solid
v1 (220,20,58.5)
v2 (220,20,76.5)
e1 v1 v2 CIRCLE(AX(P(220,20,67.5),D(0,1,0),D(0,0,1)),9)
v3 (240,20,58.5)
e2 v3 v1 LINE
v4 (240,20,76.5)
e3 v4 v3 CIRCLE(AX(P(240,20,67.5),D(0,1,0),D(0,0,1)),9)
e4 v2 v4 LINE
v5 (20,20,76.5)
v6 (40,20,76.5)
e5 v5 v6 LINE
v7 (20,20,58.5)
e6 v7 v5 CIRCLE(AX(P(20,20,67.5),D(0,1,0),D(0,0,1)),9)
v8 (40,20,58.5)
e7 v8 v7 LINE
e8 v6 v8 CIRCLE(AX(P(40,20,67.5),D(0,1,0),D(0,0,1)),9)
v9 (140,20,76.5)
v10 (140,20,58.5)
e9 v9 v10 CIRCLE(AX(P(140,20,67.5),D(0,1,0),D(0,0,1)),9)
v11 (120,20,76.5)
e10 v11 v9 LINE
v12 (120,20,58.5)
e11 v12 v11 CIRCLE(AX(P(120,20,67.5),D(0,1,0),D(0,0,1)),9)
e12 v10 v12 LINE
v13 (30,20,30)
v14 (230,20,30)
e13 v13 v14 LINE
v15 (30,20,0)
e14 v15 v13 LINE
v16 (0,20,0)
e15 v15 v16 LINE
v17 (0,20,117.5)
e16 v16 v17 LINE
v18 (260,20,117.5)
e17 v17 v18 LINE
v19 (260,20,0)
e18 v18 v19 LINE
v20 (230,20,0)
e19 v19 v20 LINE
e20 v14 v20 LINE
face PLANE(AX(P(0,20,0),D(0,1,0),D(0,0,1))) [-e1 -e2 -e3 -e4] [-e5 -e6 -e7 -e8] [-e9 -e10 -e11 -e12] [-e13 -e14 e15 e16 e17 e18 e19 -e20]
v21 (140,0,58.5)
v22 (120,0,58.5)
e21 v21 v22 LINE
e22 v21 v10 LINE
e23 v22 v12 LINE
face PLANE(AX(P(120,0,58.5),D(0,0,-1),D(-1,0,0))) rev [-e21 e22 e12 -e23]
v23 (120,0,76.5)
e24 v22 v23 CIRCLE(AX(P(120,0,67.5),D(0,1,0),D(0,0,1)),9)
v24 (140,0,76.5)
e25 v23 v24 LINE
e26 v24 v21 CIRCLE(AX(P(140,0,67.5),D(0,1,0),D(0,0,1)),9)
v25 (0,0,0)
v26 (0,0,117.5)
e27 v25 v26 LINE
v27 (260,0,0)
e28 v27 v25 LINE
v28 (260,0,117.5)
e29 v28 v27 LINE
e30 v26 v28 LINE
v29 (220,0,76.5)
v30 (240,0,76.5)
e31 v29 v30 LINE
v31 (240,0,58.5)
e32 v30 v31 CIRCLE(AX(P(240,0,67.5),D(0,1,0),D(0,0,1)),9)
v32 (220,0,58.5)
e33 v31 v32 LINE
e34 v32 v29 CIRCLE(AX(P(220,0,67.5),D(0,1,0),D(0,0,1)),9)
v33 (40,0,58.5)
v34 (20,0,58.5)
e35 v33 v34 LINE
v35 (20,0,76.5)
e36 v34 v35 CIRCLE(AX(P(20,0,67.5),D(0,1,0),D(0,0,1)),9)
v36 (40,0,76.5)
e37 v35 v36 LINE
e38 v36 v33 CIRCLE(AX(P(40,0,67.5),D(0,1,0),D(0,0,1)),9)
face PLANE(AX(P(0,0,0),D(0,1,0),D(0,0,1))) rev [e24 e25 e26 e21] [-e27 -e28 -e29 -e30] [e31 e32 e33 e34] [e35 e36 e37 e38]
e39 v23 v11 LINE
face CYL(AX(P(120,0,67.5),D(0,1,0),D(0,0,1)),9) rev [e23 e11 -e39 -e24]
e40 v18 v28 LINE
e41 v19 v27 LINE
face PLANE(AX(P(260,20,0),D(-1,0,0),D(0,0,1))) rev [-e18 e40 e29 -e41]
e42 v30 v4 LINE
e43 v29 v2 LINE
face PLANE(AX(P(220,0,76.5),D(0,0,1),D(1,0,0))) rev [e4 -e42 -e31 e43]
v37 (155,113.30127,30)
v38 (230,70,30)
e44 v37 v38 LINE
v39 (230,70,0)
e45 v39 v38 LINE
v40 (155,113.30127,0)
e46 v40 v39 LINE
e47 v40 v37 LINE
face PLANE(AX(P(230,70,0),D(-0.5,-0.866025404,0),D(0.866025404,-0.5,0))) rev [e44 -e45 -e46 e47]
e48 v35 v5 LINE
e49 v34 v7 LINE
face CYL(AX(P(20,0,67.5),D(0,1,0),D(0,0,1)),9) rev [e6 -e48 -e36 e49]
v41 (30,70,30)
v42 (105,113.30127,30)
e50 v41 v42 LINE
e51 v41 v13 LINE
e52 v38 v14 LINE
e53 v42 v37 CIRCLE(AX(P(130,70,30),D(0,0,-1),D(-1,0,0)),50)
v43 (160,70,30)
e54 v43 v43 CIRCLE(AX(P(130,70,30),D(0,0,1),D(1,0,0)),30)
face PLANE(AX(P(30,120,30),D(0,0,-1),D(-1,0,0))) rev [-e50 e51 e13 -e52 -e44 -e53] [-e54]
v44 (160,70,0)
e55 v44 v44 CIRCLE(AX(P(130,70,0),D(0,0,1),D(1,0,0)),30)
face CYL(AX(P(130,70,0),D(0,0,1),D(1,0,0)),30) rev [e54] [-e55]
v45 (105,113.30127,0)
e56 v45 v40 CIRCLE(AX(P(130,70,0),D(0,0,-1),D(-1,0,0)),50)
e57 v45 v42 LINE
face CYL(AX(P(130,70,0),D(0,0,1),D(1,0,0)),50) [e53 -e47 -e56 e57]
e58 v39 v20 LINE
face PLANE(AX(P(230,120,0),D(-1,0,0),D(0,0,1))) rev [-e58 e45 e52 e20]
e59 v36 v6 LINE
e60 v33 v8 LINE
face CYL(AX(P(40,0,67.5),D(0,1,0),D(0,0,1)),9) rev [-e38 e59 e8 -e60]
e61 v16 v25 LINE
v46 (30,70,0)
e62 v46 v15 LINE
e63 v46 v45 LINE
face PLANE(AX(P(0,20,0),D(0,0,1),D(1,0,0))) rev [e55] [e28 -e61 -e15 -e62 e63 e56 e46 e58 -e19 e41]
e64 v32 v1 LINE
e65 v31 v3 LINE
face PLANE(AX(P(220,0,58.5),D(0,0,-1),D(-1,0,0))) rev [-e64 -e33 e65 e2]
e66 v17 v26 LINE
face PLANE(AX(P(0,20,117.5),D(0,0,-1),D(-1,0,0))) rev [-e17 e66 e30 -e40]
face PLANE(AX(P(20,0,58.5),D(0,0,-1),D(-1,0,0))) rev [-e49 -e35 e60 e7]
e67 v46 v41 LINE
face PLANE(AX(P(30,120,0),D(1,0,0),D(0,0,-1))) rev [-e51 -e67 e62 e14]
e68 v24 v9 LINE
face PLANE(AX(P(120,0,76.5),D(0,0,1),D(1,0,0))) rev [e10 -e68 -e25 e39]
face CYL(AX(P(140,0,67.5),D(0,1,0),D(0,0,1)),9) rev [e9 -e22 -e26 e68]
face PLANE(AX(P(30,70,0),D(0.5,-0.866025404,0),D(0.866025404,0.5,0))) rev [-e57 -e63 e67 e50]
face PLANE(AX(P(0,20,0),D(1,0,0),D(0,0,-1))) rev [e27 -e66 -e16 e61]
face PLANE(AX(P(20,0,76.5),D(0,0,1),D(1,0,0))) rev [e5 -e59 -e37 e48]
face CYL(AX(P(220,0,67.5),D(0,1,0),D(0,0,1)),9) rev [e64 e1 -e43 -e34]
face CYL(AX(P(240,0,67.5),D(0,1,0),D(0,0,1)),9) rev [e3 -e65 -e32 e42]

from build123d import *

# Parameters (mm, degrees)
SKETCH_2_W             = 260
SKETCH_2_H             = 117.5
EXTRUDE_1_DEPTH        = 20
CUT_EXTRUDE_1_DEPTH    = 287.017919019
PATTERN_LINEAR_1_COUNT = 3
PATTERN_LINEAR_1_PITCH = 100
SKETCH_4_W             = 200
SKETCH_4_H             = 30
EXTRUDE_2_DEPTH        = 100
SKETCH_5_R             = 30
CUT_EXTRUDE_2_DEPTH    = 300.42653523


with BuildPart() as part:
    # 草图2 → 凸台-拉伸1 (new body)
    with BuildSketch(Plane(origin=(0, 0, 0), x_dir=(1, 0, 0), z_dir=(0, 1, 0))):
        with Locations((130, -58.75)):
            Rectangle(SKETCH_2_W, SKETCH_2_H)
    extrude(amount=EXTRUDE_1_DEPTH)

    # 草图3 → 切除-拉伸1 (cut, through all)
    with BuildSketch(Plane(origin=(0, 20, 0), x_dir=(1, 0, 0), z_dir=(0, 1, 0))):
        with BuildLine():
            Line((20, -58.5), (40, -58.5))
            ThreePointArc((40, -58.5), (49, -67.5), (40, -76.5))
            Line((40, -76.5), (20, -76.5))
            ThreePointArc((20, -76.5), (11, -67.5), (20, -58.5))
        make_face()
    cut_extrude_1 = extrude(amount=-CUT_EXTRUDE_1_DEPTH, mode=Mode.SUBTRACT)

    # 阵列(线性)1: 切除-拉伸1 ×3
    with Locations(*[(i * PATTERN_LINEAR_1_PITCH, 0, 0) for i in range(1, PATTERN_LINEAR_1_COUNT)]):
        add(cut_extrude_1, mode=Mode.SUBTRACT)

    # 草图4 → 凸台-拉伸2 (add)
    with BuildSketch(Plane(origin=(0, 20, 0), x_dir=(1, 0, 0), z_dir=(0, 1, 0))):
        with Locations((130, -15)):
            Rectangle(SKETCH_4_W, SKETCH_4_H)
    extrude(amount=EXTRUDE_2_DEPTH)

    # 草图5 → 切除-拉伸2 (cut, through all)
    with BuildSketch(Plane.XY.offset(30)):
        with Locations((130, 70)):
            Circle(SKETCH_5_R)
        with BuildLine():
            Line((30, 70), (105, 113.301270189))
            ThreePointArc((105, 113.301270189), (130, 120), (155, 113.301270189))
            Line((155, 113.301270189), (230, 70))
            Line((230, 70), (230, 137.29910678))
            Line((230, 137.29910678), (30, 137.29910678))
            Line((30, 137.29910678), (30, 70))
        make_face()
    extrude(amount=-CUT_EXTRUDE_2_DEPTH, mode=Mode.SUBTRACT)


solid = part.part
